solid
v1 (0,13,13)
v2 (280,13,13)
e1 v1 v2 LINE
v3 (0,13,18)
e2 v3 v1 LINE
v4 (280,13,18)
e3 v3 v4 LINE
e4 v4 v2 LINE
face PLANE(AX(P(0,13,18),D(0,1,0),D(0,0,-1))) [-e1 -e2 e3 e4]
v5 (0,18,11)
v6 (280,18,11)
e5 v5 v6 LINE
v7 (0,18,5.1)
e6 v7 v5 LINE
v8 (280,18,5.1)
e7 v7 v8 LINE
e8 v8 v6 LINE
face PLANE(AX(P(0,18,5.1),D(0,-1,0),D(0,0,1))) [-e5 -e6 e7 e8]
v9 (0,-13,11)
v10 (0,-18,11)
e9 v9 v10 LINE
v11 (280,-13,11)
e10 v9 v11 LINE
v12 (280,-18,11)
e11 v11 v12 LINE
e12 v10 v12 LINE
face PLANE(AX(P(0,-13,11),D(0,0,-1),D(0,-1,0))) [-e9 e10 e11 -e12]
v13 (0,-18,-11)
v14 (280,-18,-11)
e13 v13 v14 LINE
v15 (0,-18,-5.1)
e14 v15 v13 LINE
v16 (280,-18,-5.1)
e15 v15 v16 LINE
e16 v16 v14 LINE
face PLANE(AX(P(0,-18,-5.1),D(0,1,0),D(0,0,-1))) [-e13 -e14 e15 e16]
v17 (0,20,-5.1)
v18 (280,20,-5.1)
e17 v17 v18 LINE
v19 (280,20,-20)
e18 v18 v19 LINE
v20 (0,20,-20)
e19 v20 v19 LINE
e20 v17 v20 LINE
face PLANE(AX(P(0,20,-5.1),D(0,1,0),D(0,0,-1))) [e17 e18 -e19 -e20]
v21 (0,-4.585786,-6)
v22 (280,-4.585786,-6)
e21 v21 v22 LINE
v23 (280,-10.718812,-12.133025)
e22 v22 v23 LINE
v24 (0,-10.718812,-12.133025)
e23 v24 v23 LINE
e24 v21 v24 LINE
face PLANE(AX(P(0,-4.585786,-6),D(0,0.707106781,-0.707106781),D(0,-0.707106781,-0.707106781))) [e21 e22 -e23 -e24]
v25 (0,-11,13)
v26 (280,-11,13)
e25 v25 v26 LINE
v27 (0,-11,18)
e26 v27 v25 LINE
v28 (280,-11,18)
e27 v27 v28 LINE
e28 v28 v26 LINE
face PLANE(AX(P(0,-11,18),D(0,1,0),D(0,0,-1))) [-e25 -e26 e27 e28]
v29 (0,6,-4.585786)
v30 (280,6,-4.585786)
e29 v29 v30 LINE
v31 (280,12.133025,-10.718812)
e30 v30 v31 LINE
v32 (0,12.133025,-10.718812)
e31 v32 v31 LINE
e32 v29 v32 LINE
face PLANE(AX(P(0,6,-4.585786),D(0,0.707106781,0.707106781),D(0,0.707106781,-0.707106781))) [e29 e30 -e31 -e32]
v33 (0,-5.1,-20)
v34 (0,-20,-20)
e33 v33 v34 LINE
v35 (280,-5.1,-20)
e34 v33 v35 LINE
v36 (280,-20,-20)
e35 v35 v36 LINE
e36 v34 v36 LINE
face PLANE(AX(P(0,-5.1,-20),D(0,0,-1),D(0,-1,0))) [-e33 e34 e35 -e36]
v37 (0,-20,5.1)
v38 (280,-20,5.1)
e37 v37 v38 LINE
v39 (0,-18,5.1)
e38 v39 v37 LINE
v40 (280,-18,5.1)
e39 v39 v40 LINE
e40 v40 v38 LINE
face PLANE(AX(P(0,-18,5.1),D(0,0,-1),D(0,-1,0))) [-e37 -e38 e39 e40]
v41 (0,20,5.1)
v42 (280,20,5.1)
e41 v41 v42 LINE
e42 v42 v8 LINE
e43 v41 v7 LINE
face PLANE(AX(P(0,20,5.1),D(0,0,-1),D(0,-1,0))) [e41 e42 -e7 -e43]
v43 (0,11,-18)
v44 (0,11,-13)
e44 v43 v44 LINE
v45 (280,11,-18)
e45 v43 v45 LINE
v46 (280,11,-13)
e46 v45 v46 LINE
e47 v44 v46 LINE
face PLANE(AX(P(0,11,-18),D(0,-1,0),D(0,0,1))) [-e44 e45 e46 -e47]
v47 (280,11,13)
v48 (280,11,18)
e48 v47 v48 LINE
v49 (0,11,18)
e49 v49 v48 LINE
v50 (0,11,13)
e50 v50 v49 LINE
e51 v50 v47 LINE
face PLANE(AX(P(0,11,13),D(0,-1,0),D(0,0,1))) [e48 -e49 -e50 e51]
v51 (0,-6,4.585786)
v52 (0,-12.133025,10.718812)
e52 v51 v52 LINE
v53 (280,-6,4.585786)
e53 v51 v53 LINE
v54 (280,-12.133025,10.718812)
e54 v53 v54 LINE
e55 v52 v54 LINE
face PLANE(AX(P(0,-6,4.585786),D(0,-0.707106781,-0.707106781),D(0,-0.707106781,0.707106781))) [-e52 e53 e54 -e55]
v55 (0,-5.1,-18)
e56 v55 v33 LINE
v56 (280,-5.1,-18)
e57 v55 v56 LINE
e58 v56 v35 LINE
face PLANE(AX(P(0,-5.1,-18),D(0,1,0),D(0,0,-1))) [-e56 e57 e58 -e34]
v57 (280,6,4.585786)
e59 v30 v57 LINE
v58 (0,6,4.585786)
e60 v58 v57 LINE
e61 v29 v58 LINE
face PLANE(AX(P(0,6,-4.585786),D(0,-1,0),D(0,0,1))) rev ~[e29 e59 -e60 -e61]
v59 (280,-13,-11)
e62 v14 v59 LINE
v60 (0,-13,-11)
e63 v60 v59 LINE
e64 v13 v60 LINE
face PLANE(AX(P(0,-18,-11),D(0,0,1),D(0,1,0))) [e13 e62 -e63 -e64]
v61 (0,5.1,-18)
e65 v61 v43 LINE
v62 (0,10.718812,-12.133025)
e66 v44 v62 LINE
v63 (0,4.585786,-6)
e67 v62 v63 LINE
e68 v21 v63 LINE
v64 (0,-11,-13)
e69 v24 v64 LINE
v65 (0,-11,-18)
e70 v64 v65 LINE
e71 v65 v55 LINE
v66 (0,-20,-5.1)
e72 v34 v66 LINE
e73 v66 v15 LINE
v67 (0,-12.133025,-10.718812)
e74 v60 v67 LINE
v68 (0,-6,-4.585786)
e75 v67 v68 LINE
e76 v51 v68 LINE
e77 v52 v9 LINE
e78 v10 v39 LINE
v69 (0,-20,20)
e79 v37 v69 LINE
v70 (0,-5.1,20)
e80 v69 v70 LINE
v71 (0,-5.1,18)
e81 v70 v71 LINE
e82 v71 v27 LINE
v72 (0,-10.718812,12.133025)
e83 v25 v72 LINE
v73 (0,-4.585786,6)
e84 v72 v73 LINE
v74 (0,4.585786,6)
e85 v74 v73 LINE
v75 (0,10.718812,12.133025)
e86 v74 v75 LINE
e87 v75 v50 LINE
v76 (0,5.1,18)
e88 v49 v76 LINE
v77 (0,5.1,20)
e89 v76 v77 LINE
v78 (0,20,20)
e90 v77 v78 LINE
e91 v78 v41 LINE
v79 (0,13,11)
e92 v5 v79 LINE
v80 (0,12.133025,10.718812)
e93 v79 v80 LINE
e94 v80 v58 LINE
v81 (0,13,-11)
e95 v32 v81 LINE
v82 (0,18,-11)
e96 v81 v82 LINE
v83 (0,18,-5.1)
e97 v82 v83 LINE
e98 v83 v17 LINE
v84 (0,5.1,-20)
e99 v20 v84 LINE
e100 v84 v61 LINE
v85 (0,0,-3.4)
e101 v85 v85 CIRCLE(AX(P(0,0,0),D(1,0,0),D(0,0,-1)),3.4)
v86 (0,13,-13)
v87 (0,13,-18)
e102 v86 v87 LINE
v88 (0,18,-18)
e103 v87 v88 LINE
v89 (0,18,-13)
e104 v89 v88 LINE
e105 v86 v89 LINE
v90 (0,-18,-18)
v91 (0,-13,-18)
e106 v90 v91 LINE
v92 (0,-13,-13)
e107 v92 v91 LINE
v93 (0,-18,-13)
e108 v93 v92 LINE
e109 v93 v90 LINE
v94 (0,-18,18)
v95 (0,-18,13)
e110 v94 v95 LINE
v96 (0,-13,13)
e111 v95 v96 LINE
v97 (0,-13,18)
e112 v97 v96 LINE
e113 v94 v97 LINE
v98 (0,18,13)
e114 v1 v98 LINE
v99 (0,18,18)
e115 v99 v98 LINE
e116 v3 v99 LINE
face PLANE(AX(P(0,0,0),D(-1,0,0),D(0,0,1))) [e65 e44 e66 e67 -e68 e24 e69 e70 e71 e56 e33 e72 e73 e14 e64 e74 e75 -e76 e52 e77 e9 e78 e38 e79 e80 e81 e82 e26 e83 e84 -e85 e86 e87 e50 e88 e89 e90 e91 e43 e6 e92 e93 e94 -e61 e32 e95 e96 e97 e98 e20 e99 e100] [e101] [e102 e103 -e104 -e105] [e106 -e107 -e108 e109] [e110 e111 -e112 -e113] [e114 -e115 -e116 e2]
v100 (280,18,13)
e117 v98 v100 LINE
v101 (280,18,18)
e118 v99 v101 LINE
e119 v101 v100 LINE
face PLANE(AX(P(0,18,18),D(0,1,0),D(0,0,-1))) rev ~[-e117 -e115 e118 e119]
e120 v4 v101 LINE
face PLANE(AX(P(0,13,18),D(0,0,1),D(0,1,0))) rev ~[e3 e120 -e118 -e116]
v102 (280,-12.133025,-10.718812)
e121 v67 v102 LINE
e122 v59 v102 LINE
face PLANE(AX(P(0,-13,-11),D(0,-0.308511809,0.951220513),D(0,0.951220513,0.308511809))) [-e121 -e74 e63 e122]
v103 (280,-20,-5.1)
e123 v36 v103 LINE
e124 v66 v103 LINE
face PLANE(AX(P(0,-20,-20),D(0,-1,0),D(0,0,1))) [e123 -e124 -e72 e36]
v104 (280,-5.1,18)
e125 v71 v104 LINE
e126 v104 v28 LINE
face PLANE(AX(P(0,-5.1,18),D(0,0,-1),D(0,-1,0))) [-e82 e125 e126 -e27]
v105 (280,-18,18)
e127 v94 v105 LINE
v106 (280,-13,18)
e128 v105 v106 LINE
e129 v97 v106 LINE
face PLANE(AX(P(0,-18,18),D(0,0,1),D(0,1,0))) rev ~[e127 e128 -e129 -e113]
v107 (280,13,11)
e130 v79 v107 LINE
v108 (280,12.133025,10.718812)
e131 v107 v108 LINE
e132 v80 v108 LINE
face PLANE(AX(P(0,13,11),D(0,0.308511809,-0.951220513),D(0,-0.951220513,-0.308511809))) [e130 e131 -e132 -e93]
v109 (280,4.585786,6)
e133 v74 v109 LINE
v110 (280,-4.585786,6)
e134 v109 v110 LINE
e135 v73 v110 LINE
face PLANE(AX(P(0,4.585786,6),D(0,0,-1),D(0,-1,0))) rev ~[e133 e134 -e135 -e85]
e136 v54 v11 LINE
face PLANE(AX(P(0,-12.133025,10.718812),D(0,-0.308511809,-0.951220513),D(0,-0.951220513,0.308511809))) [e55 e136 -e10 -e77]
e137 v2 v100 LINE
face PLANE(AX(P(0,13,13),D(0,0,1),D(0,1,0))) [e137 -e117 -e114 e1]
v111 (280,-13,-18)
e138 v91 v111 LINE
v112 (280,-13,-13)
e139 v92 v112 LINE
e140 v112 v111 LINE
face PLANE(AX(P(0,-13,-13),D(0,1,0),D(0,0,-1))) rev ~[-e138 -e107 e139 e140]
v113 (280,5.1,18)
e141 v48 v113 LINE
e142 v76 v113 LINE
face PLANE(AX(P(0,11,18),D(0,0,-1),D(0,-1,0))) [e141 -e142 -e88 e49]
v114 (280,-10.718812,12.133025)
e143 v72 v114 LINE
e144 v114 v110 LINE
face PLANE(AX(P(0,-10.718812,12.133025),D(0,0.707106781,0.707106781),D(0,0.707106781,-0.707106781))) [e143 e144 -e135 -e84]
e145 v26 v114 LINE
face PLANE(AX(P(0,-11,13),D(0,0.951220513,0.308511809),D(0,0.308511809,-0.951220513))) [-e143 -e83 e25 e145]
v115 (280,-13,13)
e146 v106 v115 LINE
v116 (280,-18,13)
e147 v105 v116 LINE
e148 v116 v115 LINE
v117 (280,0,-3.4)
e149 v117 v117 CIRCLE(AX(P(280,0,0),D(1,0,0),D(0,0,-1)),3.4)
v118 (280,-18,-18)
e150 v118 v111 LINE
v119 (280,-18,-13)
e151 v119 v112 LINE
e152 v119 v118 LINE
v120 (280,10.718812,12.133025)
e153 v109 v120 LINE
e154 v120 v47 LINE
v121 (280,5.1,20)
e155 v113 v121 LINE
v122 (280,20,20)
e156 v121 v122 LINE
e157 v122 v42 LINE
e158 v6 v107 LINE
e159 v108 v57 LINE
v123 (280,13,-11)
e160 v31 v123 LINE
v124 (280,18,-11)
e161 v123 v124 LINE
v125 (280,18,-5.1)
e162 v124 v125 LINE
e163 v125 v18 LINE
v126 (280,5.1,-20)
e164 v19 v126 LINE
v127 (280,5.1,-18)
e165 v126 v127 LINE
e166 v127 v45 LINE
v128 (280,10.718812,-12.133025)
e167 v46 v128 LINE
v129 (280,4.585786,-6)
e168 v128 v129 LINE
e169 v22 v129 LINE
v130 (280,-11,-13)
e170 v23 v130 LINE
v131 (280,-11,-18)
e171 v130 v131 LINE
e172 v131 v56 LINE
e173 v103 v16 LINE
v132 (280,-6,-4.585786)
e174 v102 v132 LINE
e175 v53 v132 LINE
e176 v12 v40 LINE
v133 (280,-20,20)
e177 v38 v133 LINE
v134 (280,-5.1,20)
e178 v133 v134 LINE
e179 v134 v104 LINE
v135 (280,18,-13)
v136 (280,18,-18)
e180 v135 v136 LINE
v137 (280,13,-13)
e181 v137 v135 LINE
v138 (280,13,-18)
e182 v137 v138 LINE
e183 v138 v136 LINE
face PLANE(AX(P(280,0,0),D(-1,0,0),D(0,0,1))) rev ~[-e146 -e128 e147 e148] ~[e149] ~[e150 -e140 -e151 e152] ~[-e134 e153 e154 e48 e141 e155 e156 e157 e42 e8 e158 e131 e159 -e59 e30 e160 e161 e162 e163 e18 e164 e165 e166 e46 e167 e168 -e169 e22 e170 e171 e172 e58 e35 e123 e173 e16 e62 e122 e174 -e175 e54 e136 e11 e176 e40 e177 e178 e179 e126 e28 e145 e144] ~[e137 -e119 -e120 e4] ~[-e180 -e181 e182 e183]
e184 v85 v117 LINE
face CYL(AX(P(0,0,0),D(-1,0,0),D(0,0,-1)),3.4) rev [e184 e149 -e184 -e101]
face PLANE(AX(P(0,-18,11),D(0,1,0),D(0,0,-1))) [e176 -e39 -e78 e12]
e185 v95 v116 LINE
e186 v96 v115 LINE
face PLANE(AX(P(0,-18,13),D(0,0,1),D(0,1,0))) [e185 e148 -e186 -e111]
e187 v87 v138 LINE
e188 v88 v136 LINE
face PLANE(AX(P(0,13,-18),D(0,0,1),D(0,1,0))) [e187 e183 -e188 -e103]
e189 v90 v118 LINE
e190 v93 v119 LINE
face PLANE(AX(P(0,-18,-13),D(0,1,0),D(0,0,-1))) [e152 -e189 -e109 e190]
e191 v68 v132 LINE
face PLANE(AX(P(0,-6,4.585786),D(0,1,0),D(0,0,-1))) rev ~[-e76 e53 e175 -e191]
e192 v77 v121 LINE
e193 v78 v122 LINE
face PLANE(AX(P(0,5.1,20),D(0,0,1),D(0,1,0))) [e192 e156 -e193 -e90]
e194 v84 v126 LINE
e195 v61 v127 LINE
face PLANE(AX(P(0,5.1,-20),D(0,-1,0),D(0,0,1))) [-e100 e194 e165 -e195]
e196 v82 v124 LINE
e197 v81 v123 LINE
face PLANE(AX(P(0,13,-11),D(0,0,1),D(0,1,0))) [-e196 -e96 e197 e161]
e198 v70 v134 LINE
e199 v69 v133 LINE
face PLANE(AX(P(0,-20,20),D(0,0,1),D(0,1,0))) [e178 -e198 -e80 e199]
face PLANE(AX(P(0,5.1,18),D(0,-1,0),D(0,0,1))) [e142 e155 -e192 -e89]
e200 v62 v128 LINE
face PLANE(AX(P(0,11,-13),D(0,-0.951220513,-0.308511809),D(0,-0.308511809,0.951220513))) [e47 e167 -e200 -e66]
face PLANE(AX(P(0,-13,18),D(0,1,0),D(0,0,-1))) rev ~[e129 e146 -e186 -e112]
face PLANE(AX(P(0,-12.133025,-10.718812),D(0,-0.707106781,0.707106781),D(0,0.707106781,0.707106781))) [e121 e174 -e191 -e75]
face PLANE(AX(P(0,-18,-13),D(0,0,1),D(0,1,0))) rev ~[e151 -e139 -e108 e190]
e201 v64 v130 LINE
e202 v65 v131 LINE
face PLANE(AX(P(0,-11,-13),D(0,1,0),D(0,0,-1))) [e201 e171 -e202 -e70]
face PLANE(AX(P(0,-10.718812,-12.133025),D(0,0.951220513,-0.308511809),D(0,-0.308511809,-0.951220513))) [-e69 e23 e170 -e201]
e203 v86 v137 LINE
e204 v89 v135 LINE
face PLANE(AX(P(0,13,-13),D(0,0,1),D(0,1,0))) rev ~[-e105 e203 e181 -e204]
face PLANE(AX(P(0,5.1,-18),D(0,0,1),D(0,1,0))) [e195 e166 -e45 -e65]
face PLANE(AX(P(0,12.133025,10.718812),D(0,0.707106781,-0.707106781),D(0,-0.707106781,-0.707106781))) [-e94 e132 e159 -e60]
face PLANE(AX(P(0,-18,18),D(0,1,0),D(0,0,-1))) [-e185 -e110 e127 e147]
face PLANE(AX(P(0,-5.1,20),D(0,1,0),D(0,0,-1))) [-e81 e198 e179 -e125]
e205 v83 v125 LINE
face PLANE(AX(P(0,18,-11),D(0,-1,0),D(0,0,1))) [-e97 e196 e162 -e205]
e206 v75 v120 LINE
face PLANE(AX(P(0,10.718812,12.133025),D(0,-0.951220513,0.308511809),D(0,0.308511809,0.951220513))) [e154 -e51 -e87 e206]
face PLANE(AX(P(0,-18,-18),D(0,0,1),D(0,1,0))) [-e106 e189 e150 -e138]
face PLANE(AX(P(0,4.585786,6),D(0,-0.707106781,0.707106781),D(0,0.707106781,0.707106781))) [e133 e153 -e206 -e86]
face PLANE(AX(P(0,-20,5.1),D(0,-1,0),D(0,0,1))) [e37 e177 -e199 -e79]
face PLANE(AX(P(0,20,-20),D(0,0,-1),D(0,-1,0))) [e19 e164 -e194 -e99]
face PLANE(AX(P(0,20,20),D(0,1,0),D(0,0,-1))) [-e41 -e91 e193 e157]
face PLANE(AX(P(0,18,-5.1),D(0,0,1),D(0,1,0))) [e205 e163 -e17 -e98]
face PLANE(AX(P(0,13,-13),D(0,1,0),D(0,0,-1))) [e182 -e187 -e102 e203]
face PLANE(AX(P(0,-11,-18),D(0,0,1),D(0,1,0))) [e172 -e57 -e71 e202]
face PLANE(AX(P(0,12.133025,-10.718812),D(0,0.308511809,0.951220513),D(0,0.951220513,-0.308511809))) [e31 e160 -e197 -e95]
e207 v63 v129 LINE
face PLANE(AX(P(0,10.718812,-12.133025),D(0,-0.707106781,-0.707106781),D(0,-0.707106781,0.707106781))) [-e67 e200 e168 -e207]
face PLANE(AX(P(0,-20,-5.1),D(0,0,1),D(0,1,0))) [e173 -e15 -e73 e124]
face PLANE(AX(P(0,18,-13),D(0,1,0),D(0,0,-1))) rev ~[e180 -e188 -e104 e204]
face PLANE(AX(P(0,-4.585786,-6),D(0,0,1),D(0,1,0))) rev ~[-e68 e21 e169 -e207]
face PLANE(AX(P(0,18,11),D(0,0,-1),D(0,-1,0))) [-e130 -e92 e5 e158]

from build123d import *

# Parameters (mm, degrees)
SKETCH_1_R      = 3.4
SKETCH_1_W      = 5
SKETCH_1_H      = 5
EXTRUDE_1_DEPTH = 280


with BuildPart() as part:
    # 草图1 → 凸台-拉伸1 (new body)
    with BuildSketch(Plane(origin=(0, 0, 0), x_dir=(0, 0, -1), z_dir=(1, 0, 0))):
        Polygon((0, 6), (4.585786438, 6), (10.718811909, 12.133025471), (11, 13), (11, 18), (5.1, 18), (5.1, 20), (20, 20), (20, 5.1), (18, 5.1), (18, 11), (13, 11), (12.133025471, 10.718811909), (6, 4.585786438), (6, 0), (6, -4.585786438), (12.133025471, -10.718811909), (13, -11), (18, -11), (18, -5.1), (20, -5.1), (20, -20), (5.1, -20), (5.1, -18), (11, -18), (11, -13), (10.718811909, -12.133025471), (4.585786438, -6), (0, -6), (-4.585786438, -6), (-10.718811909, -12.133025471), (-11, -13), (-11, -18), (-5.1, -18), (-5.1, -20), (-20, -20), (-20, -5.1), (-18, -5.1), (-18, -11), (-13, -11), (-12.133025471, -10.718811909), (-6, -4.585786438), (-6, 0), (-6, 4.585786438), (-12.133025471, 10.718811909), (-13, 11), (-18, 11), (-18, 5.1), (-20, 5.1), (-20, 20), (-5.1, 20), (-5.1, 18), (-11, 18), (-11, 13), (-10.718811909, 12.133025471), (-4.585786438, 6), align=None)
        Circle(SKETCH_1_R, mode=Mode.SUBTRACT)
        with Locations((15.5, -15.5)):
            Rectangle(SKETCH_1_W, SKETCH_1_H, mode=Mode.SUBTRACT)
        with Locations((15.5, 15.5)):
            Rectangle(SKETCH_1_W, SKETCH_1_H, mode=Mode.SUBTRACT)
        with Locations((-15.5, -15.5)):
            Rectangle(SKETCH_1_W, SKETCH_1_H, mode=Mode.SUBTRACT)
        with Locations((-15.5, 15.5)):
            Rectangle(SKETCH_1_W, SKETCH_1_H, mode=Mode.SUBTRACT)
    extrude(amount=EXTRUDE_1_DEPTH)


solid = part.part
